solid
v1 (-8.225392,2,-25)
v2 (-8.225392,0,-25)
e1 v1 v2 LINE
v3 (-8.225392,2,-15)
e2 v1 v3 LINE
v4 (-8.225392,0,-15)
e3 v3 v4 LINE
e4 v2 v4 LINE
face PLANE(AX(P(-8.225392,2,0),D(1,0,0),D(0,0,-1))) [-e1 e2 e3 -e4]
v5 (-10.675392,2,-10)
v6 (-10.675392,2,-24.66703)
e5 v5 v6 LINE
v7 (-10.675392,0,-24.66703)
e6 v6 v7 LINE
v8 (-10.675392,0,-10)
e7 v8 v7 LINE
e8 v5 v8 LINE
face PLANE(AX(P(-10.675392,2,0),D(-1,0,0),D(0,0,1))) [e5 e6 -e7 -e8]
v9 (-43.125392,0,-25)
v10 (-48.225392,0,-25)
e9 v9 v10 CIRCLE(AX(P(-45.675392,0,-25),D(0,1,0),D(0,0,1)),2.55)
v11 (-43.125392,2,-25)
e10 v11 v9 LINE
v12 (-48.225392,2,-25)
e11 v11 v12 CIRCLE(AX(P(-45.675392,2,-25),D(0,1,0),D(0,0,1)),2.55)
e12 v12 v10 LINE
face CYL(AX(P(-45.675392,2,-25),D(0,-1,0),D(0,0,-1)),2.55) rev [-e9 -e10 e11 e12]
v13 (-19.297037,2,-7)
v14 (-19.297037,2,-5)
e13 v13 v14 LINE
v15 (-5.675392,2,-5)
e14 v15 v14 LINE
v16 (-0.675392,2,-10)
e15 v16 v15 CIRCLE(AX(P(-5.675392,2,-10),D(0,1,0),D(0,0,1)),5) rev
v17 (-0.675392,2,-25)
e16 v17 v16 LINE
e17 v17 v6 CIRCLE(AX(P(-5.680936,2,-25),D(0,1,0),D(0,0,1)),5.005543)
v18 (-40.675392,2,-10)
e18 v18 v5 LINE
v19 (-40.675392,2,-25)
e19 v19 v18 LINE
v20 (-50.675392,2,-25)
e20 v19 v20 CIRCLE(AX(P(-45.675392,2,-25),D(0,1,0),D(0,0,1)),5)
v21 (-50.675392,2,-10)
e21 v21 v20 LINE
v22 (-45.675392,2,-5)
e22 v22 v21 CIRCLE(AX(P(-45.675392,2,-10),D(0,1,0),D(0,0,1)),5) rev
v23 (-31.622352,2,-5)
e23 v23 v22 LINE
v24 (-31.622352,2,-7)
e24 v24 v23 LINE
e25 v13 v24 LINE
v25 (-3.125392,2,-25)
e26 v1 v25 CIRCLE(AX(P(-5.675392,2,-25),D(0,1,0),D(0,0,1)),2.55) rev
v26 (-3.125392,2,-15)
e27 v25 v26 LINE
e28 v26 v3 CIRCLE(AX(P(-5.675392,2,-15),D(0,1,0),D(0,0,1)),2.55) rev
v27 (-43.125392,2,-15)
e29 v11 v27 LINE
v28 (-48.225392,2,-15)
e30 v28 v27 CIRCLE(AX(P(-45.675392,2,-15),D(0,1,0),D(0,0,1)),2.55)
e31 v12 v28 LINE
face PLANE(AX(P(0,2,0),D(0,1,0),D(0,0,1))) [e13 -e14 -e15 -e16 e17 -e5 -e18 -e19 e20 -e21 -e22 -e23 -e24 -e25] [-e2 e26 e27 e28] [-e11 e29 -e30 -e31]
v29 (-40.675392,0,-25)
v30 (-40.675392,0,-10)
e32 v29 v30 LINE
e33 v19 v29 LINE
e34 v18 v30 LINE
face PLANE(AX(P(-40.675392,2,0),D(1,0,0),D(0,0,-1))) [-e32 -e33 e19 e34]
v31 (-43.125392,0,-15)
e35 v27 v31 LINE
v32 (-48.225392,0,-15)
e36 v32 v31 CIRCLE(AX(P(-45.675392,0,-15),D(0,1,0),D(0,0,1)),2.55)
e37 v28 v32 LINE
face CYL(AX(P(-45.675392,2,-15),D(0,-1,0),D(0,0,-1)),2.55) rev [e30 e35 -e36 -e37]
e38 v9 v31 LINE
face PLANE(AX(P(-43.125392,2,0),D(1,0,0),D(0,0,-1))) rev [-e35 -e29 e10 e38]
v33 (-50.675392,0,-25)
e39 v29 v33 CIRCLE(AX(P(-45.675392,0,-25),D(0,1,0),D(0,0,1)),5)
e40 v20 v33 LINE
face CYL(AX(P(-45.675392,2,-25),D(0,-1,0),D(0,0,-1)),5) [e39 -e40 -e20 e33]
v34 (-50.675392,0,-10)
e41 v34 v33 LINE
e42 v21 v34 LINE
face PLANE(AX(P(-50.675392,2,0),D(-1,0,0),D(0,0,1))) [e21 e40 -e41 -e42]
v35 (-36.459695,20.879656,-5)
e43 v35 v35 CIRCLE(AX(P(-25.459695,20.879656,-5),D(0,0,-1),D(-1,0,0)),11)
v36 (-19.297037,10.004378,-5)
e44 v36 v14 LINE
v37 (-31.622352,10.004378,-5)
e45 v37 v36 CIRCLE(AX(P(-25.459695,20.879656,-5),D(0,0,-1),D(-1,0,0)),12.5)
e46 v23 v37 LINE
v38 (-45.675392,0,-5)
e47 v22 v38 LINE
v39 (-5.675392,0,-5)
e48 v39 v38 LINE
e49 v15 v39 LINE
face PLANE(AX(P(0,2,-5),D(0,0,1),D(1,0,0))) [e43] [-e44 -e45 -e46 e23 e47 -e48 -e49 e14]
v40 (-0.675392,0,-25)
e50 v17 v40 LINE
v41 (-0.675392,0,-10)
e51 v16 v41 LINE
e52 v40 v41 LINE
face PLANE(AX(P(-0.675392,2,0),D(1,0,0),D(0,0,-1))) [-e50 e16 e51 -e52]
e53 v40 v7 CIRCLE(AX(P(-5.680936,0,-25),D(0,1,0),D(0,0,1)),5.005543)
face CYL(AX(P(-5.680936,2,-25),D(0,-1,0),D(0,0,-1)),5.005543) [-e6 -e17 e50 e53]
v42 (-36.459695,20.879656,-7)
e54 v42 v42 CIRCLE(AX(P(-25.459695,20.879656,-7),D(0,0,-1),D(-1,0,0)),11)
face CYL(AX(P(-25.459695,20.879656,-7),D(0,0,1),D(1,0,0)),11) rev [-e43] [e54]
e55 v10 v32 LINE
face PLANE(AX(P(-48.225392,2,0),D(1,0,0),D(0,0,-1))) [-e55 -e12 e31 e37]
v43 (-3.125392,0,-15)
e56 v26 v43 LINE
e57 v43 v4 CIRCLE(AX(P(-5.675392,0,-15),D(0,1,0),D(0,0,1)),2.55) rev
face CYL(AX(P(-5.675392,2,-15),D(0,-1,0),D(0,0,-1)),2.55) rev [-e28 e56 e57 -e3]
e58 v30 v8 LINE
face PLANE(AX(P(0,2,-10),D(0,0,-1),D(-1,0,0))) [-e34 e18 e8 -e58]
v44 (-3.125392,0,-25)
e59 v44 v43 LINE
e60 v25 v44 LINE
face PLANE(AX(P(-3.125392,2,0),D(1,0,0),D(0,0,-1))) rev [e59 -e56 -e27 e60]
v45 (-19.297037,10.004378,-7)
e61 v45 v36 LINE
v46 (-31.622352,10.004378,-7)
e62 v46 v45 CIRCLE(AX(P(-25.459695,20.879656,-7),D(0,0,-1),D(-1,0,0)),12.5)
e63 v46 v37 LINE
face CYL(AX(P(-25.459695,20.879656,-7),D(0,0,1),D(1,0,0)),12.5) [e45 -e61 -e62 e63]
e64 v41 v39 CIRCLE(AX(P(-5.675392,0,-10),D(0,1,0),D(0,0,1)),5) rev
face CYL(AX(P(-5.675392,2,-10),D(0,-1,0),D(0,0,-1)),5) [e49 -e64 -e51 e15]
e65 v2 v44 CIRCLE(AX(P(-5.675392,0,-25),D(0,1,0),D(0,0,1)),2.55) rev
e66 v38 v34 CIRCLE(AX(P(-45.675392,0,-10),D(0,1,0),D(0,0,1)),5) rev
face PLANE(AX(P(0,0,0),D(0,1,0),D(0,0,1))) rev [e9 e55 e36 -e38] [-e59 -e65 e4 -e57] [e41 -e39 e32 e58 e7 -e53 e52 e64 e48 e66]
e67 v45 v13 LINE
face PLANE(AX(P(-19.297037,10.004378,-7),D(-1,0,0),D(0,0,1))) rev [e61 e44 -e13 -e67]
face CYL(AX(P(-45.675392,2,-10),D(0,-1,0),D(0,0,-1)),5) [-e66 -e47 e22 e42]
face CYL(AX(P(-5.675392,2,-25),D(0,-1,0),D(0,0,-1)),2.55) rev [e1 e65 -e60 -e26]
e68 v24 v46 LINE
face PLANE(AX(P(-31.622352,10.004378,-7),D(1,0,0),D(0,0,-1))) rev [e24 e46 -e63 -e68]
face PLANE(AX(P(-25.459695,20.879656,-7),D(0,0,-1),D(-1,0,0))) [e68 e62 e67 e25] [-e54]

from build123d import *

# Parameters (mm, degrees)
BOSS_EXTRUDE1_DEPTH = 2
SKETCH2_R           = 11
BOSS_EXTRUDE3_DEPTH = 2


with BuildPart() as part:
    # Sketch1 → Boss-Extrude1 (new body)
    with BuildSketch(Plane(origin=(0, 0, 0), x_dir=(1, 0, 0), z_dir=(0, 1, 0))):
        with BuildLine():
            Line((-50.675392178, 10), (-50.675392178, 25))
            ThreePointArc((-50.675392178, 25), (-45.675392178, 30), (-40.675392178, 25))
            Line((-40.675392178, 25), (-40.675392178, 10))
            Line((-40.675392178, 10), (-10.675392178, 10))
            Line((-10.675392178, 10), (-10.675392178, 24.667030171))
            ThreePointArc((-10.675392178, 24.667030171), (-5.847512802, 30.002770955), (-0.675392178, 25))
            Line((-0.675392178, 25), (-0.675392178, 10))
            ThreePointArc((-0.675392178, 10), (-2.139858272, 6.464466094), (-5.675392178, 5))
            Line((-5.675392178, 5), (-45.675392178, 5))
            ThreePointArc((-45.675392178, 5), (-49.210926084, 6.464466094), (-50.675392178, 10))
        make_face()
        with BuildLine():
            Line((-43.125392178, 25), (-43.125392178, 15))
            ThreePointArc((-43.125392178, 15), (-45.675392178, 12.45), (-48.225392178, 15))
            Line((-48.225392178, 15), (-48.225392178, 25))
            ThreePointArc((-48.225392178, 25), (-45.675392178, 27.55), (-43.125392178, 25))
        make_face(mode=Mode.SUBTRACT)
        with BuildLine():
            Line((-8.225392178, 25), (-8.225392178, 15))
            ThreePointArc((-8.225392178, 15), (-5.675392178, 12.45), (-3.125392178, 15))
            Line((-3.125392178, 15), (-3.125392178, 25))
            ThreePointArc((-3.125392178, 25), (-5.675392178, 27.55), (-8.225392178, 25))
        make_face(mode=Mode.SUBTRACT)
    extrude(amount=BOSS_EXTRUDE1_DEPTH)

    # Sketch2 → Boss-Extrude3 (add)
    with BuildSketch(Plane(origin=(0, 0, -5), x_dir=(-1, 0, 0), z_dir=(0, 0, -1))):
        with BuildLine():
            Line((19.297037413, 10.004378208), (19.297037413, 2))
            Line((19.297037413, 2), (31.622351713, 2))
            Line((31.622351713, 2), (31.622351713, 10.004378208))
            ThreePointArc((31.622351713, 10.004378208), (25.459694563, 33.379655531), (19.297037413, 10.004378208))
        make_face()
        with Locations((25.459694563, 20.879655531)):
            Circle(SKETCH2_R, mode=Mode.SUBTRACT)
    extrude(amount=BOSS_EXTRUDE3_DEPTH)


solid = part.part
